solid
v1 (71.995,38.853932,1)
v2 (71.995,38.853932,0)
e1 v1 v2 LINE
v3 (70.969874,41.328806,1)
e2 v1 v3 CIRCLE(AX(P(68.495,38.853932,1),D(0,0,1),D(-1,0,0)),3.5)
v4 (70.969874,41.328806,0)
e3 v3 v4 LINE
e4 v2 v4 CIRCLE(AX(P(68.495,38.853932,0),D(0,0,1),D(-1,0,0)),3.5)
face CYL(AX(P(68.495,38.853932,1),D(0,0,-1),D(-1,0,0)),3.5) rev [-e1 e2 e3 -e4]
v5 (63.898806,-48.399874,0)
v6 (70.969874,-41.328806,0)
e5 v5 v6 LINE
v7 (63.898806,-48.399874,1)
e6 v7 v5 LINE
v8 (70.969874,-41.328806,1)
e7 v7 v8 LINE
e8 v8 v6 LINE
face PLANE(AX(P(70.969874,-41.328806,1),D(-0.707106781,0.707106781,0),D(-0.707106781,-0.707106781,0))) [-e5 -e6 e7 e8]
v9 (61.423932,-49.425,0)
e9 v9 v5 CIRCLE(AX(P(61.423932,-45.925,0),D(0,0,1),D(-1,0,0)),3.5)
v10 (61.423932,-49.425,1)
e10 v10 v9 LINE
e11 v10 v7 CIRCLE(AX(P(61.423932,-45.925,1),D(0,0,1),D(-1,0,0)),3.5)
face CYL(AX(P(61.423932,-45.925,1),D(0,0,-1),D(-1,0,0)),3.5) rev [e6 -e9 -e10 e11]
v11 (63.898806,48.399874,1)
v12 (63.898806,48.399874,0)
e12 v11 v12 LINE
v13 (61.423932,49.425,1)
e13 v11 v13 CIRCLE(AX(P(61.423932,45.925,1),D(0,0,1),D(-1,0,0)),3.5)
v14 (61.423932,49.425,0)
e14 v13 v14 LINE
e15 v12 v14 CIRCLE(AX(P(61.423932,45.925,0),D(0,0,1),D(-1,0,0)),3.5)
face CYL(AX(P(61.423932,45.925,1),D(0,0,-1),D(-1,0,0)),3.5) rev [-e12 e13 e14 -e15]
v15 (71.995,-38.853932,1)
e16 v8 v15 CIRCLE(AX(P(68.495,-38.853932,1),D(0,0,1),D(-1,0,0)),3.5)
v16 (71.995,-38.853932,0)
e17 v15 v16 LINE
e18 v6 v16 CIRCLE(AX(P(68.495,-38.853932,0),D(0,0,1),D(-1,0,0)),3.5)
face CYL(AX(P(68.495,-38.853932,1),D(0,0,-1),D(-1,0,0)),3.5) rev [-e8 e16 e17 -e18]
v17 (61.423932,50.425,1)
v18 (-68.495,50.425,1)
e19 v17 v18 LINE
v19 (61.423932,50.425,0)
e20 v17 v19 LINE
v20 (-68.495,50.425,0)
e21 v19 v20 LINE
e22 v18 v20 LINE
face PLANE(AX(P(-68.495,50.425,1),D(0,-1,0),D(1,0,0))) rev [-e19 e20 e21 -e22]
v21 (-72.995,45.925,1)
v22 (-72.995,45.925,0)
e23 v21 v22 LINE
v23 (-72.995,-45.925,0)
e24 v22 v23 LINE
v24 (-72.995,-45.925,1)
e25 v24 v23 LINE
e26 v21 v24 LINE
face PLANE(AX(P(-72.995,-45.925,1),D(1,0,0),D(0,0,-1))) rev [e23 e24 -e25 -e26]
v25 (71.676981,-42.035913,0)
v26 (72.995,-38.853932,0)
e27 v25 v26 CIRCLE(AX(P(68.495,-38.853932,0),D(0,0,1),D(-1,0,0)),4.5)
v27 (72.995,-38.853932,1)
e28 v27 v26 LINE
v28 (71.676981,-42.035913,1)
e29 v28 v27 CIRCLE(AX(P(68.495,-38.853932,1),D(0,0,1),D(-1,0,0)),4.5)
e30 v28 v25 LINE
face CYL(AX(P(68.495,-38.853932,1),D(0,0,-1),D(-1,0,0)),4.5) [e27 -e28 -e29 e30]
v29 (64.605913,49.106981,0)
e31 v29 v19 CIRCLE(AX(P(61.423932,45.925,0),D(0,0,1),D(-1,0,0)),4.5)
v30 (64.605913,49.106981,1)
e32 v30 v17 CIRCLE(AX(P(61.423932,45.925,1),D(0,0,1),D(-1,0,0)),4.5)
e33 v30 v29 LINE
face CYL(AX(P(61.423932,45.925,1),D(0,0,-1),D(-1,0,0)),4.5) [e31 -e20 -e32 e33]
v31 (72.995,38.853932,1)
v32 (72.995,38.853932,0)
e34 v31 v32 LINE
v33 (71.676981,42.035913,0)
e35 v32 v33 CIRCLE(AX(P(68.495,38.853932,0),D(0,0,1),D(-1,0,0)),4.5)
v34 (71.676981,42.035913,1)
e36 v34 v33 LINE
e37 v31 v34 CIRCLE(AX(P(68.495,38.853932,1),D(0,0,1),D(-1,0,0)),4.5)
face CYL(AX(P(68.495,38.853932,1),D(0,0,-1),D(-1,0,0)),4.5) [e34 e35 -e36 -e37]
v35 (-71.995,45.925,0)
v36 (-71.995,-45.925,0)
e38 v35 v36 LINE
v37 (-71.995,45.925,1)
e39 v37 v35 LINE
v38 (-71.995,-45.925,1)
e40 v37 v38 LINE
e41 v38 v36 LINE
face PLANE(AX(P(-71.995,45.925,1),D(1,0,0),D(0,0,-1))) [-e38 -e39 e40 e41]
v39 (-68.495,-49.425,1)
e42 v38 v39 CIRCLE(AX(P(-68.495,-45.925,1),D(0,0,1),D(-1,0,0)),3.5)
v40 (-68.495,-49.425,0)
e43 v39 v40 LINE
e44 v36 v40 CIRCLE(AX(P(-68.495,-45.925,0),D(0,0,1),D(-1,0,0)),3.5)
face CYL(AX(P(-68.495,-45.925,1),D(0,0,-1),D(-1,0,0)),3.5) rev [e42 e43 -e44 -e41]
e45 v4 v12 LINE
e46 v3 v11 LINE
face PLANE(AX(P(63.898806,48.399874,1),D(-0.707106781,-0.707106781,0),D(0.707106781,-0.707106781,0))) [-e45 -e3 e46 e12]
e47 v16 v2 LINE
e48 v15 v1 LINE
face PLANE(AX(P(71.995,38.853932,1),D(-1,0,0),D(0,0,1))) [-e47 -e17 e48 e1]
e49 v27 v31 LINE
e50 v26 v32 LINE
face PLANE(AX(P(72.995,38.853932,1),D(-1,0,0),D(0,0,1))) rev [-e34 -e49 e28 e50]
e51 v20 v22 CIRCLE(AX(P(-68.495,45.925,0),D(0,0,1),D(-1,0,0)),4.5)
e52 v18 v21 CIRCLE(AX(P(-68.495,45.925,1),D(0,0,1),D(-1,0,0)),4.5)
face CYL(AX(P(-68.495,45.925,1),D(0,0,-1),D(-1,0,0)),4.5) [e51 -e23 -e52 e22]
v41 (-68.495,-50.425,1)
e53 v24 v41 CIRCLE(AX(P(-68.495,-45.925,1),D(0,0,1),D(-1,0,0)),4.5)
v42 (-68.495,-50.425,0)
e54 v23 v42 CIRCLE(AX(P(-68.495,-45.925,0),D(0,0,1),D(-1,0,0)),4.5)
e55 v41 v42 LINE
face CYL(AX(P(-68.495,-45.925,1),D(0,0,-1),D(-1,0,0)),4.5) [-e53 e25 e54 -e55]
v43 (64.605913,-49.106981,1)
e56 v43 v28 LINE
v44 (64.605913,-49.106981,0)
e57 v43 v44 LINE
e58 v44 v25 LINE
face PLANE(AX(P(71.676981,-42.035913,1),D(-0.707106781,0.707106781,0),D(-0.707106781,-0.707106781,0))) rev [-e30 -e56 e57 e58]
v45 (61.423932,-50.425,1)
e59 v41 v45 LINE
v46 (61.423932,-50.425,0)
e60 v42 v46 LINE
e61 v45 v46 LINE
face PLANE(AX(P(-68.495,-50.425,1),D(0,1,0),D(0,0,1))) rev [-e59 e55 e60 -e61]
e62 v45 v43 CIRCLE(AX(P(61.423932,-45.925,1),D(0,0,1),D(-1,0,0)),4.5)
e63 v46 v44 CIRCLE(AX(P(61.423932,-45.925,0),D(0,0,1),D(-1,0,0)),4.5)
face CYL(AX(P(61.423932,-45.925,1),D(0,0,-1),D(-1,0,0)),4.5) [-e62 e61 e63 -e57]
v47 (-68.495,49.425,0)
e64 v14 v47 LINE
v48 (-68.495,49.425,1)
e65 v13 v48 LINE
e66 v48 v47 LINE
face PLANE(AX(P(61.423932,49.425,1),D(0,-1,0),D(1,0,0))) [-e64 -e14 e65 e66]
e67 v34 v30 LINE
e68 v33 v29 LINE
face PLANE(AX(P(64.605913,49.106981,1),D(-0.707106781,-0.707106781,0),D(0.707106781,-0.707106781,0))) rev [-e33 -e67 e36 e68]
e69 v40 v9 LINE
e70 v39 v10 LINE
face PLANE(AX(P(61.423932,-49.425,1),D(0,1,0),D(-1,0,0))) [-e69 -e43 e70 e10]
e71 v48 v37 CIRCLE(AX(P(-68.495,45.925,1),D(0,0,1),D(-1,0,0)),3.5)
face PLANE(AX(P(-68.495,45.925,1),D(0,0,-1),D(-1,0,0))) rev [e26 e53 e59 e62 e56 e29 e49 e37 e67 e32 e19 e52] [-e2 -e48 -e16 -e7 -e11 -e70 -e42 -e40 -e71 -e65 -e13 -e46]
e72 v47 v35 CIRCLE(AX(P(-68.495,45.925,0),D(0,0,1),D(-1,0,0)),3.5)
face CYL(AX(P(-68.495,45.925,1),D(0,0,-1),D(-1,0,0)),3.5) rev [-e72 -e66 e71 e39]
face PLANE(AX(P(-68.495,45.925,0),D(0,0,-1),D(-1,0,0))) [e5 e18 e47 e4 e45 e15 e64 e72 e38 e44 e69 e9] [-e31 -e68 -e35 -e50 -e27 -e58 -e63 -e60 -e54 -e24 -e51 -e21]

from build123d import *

# Parameters (mm, degrees)
BOSS_EXTRUDE1_DEPTH = 1


with BuildPart() as part:
    # Sketch1 → Boss-Extrude1 (new body)
    with BuildSketch(Plane.XY):
        with BuildLine():
            Line((-72.995, -45.925), (-72.995, 45.925))
            ThreePointArc((-72.995, 45.925), (-71.676980515, 49.106980515), (-68.495, 50.425))
            Line((-68.495, 50.425), (61.423932188, 50.425))
            ThreePointArc((61.423932188, 50.425), (63.146007634, 50.082457896), (64.605912703, 49.106980515))
            Line((64.605912703, 49.106980515), (71.676980515, 42.035912703))
            ThreePointArc((71.676980515, 42.035912703), (72.652457896, 40.576007634), (72.995, 38.853932188))
            Line((72.995, 38.853932188), (72.995, -38.853932188))
            ThreePointArc((72.995, -38.853932188), (72.652457896, -40.576007634), (71.676980515, -42.035912703))
            Line((71.676980515, -42.035912703), (64.605912703, -49.106980515))
            ThreePointArc((64.605912703, -49.106980515), (63.146007634, -50.082457896), (61.423932188, -50.425))
            Line((61.423932188, -50.425), (-68.495, -50.425))
            ThreePointArc((-68.495, -50.425), (-71.676980515, -49.106980515), (-72.995, -45.925))
        make_face()
        with BuildLine():
            Line((-71.995, 45.925), (-71.995, -45.925))
            ThreePointArc((-71.995, -45.925), (-70.969873734, -48.399873734), (-68.495, -49.425))
            Line((-68.495, -49.425), (61.423932188, -49.425))
            ThreePointArc((61.423932188, -49.425), (62.763324201, -49.158578364), (63.898805922, -48.399873734))
            Line((63.898805922, -48.399873734), (70.969873734, -41.328805922))
            ThreePointArc((70.969873734, -41.328805922), (71.728578364, -40.193324201), (71.995, -38.853932188))
            Line((71.995, -38.853932188), (71.995, 38.853932188))
            ThreePointArc((71.995, 38.853932188), (71.728578364, 40.193324201), (70.969873734, 41.328805922))
            Line((70.969873734, 41.328805922), (63.898805922, 48.399873734))
            ThreePointArc((63.898805922, 48.399873734), (62.763324201, 49.158578364), (61.423932188, 49.425))
            Line((61.423932188, 49.425), (-68.495, 49.425))
            ThreePointArc((-68.495, 49.425), (-70.969873734, 48.399873734), (-71.995, 45.925))
        make_face(mode=Mode.SUBTRACT)
    extrude(amount=BOSS_EXTRUDE1_DEPTH)


solid = part.part
